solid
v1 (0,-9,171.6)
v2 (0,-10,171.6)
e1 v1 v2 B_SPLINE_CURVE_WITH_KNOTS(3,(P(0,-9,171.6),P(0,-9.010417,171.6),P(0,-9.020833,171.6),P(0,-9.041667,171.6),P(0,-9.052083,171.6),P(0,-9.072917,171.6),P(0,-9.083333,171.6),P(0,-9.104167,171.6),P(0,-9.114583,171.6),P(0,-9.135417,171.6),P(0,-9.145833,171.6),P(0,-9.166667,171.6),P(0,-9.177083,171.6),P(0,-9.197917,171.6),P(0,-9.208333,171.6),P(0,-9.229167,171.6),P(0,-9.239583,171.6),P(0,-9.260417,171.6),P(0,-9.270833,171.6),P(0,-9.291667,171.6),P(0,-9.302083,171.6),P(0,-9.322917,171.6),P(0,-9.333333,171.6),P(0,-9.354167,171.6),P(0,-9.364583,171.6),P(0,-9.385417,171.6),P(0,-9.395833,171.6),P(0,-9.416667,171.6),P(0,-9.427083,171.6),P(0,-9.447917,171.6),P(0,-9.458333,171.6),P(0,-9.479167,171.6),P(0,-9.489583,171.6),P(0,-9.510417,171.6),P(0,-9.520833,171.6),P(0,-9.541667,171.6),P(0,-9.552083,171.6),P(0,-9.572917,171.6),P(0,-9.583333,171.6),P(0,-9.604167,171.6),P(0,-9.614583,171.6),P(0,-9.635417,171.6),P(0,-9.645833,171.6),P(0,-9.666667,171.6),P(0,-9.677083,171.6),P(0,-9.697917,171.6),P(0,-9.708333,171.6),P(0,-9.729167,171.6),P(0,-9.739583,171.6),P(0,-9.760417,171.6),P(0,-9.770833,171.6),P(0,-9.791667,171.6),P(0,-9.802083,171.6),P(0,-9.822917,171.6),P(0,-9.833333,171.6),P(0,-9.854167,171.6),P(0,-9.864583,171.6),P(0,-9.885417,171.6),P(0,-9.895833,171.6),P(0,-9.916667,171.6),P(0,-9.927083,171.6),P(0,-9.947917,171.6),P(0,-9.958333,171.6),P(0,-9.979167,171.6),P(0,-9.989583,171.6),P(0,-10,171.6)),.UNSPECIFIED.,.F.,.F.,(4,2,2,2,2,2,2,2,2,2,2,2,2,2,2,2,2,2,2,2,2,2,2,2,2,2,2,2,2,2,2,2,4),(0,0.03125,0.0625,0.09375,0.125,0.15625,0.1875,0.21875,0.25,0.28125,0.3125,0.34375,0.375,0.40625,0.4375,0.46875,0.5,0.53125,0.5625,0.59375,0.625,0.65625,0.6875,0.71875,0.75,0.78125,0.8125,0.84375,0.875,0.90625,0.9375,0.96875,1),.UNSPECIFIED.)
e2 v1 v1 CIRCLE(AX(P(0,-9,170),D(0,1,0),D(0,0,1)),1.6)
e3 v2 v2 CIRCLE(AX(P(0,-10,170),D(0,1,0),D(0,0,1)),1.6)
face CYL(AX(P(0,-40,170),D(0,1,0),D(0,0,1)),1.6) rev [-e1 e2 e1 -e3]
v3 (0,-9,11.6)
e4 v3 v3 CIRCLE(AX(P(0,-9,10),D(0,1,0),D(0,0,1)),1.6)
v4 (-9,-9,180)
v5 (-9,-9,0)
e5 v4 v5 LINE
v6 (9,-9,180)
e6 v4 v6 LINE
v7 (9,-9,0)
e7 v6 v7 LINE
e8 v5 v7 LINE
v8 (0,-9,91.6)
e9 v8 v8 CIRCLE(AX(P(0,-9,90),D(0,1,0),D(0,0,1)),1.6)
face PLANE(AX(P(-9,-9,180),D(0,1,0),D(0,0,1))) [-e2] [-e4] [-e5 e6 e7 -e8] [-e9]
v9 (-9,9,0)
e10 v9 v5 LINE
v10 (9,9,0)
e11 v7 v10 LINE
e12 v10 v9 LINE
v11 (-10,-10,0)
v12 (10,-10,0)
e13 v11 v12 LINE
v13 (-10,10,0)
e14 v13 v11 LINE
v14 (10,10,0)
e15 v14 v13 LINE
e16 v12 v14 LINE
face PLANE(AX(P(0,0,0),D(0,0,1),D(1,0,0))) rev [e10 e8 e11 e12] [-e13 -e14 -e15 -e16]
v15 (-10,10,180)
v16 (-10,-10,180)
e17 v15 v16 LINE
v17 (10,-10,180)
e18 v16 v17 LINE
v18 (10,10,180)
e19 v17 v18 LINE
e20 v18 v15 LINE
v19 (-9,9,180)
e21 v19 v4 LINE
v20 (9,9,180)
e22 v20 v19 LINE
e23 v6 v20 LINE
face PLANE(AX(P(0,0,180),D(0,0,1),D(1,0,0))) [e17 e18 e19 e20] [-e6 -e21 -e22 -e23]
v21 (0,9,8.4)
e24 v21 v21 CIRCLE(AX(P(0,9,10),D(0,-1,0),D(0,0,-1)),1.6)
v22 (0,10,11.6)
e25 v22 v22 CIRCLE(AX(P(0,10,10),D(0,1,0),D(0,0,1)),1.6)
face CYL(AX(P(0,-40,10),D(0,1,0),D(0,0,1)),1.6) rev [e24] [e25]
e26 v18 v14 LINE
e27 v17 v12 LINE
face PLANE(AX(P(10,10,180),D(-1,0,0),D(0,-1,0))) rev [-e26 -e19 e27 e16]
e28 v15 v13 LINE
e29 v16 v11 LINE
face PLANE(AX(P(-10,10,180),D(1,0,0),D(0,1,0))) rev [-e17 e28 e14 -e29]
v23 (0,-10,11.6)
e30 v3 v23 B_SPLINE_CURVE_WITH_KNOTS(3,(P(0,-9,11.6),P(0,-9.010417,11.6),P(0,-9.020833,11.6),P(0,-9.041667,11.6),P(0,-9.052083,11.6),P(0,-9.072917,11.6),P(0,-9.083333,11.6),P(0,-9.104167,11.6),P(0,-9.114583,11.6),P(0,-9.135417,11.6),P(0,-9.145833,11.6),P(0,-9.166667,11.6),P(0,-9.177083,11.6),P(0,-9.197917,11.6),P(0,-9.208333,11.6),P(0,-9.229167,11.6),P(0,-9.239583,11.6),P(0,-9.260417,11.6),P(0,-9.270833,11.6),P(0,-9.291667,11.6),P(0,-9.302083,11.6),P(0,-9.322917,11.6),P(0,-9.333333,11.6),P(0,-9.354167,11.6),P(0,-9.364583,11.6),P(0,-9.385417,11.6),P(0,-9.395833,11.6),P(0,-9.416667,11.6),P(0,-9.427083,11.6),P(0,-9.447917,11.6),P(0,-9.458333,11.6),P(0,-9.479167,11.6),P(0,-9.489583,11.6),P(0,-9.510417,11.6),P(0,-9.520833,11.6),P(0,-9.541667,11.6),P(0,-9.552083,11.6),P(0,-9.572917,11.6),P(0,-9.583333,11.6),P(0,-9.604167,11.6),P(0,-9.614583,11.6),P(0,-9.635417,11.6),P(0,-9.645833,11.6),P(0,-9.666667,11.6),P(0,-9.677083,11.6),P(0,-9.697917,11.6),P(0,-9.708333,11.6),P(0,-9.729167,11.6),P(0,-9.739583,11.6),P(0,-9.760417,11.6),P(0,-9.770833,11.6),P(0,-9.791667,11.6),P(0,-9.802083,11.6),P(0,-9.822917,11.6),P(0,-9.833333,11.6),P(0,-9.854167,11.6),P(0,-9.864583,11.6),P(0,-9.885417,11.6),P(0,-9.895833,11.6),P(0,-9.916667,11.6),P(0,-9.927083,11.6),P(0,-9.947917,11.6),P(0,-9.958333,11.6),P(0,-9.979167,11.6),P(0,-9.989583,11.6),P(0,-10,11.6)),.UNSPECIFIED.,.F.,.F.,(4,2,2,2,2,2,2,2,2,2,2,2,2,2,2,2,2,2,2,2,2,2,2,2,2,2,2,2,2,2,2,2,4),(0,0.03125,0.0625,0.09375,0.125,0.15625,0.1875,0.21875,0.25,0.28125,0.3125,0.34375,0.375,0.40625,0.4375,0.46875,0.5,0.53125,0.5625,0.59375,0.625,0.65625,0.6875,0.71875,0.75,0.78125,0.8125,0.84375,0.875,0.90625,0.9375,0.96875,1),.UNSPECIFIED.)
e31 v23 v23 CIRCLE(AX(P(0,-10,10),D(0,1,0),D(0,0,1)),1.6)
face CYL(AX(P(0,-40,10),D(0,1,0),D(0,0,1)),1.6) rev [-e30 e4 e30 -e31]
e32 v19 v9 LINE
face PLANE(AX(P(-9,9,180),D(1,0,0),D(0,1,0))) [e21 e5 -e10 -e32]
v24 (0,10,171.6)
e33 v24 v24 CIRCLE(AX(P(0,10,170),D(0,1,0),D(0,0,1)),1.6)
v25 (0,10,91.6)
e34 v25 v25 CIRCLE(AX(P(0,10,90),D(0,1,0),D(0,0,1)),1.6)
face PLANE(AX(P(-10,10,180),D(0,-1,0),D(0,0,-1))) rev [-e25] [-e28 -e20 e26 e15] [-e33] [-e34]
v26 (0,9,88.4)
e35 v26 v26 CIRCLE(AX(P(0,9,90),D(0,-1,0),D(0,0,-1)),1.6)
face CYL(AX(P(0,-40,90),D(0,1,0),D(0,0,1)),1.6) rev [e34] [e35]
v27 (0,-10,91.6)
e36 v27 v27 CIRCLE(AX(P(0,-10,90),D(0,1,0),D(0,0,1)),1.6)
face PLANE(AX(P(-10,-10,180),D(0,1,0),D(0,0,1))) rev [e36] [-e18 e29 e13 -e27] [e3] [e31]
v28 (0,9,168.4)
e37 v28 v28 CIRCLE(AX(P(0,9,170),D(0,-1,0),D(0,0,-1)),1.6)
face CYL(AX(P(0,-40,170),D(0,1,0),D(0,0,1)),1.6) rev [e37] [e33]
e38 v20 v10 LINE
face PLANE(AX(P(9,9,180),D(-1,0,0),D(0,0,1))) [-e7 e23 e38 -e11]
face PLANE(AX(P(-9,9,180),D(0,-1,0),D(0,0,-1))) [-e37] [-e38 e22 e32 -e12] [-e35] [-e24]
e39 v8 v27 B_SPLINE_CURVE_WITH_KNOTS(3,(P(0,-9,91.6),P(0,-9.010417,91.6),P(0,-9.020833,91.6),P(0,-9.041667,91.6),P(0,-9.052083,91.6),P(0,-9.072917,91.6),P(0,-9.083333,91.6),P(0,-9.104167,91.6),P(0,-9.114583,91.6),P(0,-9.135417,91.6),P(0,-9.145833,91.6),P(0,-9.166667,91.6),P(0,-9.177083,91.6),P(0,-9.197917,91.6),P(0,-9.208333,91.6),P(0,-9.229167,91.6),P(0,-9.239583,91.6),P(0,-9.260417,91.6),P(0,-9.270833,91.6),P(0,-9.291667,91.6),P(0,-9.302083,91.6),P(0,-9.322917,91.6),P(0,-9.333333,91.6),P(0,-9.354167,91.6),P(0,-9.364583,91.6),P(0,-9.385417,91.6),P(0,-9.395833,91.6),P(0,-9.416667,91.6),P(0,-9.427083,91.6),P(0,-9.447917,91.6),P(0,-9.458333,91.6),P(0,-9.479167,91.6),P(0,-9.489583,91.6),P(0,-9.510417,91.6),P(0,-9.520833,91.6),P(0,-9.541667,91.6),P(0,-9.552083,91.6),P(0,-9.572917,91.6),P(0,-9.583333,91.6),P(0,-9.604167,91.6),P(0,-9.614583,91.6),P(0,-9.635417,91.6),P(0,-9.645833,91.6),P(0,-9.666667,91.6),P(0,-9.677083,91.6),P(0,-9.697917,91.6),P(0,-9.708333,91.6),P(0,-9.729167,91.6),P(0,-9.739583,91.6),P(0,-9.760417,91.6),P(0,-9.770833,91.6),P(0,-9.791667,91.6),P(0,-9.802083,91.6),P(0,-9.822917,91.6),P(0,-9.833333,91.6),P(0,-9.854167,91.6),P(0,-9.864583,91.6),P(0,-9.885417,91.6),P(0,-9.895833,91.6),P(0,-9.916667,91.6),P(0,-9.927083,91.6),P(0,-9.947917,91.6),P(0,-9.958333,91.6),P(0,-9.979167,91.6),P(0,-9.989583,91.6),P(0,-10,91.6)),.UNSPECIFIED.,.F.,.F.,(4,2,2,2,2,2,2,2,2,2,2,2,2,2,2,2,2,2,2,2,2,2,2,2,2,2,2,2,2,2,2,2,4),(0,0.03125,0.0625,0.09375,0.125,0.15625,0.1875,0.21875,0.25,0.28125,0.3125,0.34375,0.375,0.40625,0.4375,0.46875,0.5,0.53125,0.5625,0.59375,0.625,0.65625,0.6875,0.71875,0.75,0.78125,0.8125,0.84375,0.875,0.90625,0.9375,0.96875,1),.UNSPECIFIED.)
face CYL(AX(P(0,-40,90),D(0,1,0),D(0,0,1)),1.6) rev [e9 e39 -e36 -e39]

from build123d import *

# Parameters (mm, degrees)
SKETCH_1_W          = 20
SKETCH_1_H          = 20
SKETCH_1_W_2        = 18
SKETCH_1_H_2        = 18
EXTRUDE_1_DEPTH     = 180
SKETCH_2_R          = 1.6
CUT_EXTRUDE_1_DEPTH = 50


with BuildPart() as part:
    # 草图1 → 凸台-拉伸1 (new body)
    with BuildSketch(Plane.XY):
        Rectangle(SKETCH_1_W, SKETCH_1_H)
        Rectangle(SKETCH_1_W_2, SKETCH_1_H_2, mode=Mode.SUBTRACT)
    extrude(amount=EXTRUDE_1_DEPTH)

    # 草图2 → 切除-拉伸1 (cut)
    with BuildSketch(Plane(origin=(0, 10, 0), x_dir=(1, 0, 0), z_dir=(0, 1, 0))):
        with Locations(Location((0, -90, 0), (0, 0, 270))):
            Circle(SKETCH_2_R)
        with Locations(Location((0, -170, 0), (0, 0, 270))):
            Circle(SKETCH_2_R)
        with Locations(Location((0, -10, 0), (0, 0, 270))):
            Circle(SKETCH_2_R)
    extrude(amount=-CUT_EXTRUDE_1_DEPTH, mode=Mode.SUBTRACT)


solid = part.part
